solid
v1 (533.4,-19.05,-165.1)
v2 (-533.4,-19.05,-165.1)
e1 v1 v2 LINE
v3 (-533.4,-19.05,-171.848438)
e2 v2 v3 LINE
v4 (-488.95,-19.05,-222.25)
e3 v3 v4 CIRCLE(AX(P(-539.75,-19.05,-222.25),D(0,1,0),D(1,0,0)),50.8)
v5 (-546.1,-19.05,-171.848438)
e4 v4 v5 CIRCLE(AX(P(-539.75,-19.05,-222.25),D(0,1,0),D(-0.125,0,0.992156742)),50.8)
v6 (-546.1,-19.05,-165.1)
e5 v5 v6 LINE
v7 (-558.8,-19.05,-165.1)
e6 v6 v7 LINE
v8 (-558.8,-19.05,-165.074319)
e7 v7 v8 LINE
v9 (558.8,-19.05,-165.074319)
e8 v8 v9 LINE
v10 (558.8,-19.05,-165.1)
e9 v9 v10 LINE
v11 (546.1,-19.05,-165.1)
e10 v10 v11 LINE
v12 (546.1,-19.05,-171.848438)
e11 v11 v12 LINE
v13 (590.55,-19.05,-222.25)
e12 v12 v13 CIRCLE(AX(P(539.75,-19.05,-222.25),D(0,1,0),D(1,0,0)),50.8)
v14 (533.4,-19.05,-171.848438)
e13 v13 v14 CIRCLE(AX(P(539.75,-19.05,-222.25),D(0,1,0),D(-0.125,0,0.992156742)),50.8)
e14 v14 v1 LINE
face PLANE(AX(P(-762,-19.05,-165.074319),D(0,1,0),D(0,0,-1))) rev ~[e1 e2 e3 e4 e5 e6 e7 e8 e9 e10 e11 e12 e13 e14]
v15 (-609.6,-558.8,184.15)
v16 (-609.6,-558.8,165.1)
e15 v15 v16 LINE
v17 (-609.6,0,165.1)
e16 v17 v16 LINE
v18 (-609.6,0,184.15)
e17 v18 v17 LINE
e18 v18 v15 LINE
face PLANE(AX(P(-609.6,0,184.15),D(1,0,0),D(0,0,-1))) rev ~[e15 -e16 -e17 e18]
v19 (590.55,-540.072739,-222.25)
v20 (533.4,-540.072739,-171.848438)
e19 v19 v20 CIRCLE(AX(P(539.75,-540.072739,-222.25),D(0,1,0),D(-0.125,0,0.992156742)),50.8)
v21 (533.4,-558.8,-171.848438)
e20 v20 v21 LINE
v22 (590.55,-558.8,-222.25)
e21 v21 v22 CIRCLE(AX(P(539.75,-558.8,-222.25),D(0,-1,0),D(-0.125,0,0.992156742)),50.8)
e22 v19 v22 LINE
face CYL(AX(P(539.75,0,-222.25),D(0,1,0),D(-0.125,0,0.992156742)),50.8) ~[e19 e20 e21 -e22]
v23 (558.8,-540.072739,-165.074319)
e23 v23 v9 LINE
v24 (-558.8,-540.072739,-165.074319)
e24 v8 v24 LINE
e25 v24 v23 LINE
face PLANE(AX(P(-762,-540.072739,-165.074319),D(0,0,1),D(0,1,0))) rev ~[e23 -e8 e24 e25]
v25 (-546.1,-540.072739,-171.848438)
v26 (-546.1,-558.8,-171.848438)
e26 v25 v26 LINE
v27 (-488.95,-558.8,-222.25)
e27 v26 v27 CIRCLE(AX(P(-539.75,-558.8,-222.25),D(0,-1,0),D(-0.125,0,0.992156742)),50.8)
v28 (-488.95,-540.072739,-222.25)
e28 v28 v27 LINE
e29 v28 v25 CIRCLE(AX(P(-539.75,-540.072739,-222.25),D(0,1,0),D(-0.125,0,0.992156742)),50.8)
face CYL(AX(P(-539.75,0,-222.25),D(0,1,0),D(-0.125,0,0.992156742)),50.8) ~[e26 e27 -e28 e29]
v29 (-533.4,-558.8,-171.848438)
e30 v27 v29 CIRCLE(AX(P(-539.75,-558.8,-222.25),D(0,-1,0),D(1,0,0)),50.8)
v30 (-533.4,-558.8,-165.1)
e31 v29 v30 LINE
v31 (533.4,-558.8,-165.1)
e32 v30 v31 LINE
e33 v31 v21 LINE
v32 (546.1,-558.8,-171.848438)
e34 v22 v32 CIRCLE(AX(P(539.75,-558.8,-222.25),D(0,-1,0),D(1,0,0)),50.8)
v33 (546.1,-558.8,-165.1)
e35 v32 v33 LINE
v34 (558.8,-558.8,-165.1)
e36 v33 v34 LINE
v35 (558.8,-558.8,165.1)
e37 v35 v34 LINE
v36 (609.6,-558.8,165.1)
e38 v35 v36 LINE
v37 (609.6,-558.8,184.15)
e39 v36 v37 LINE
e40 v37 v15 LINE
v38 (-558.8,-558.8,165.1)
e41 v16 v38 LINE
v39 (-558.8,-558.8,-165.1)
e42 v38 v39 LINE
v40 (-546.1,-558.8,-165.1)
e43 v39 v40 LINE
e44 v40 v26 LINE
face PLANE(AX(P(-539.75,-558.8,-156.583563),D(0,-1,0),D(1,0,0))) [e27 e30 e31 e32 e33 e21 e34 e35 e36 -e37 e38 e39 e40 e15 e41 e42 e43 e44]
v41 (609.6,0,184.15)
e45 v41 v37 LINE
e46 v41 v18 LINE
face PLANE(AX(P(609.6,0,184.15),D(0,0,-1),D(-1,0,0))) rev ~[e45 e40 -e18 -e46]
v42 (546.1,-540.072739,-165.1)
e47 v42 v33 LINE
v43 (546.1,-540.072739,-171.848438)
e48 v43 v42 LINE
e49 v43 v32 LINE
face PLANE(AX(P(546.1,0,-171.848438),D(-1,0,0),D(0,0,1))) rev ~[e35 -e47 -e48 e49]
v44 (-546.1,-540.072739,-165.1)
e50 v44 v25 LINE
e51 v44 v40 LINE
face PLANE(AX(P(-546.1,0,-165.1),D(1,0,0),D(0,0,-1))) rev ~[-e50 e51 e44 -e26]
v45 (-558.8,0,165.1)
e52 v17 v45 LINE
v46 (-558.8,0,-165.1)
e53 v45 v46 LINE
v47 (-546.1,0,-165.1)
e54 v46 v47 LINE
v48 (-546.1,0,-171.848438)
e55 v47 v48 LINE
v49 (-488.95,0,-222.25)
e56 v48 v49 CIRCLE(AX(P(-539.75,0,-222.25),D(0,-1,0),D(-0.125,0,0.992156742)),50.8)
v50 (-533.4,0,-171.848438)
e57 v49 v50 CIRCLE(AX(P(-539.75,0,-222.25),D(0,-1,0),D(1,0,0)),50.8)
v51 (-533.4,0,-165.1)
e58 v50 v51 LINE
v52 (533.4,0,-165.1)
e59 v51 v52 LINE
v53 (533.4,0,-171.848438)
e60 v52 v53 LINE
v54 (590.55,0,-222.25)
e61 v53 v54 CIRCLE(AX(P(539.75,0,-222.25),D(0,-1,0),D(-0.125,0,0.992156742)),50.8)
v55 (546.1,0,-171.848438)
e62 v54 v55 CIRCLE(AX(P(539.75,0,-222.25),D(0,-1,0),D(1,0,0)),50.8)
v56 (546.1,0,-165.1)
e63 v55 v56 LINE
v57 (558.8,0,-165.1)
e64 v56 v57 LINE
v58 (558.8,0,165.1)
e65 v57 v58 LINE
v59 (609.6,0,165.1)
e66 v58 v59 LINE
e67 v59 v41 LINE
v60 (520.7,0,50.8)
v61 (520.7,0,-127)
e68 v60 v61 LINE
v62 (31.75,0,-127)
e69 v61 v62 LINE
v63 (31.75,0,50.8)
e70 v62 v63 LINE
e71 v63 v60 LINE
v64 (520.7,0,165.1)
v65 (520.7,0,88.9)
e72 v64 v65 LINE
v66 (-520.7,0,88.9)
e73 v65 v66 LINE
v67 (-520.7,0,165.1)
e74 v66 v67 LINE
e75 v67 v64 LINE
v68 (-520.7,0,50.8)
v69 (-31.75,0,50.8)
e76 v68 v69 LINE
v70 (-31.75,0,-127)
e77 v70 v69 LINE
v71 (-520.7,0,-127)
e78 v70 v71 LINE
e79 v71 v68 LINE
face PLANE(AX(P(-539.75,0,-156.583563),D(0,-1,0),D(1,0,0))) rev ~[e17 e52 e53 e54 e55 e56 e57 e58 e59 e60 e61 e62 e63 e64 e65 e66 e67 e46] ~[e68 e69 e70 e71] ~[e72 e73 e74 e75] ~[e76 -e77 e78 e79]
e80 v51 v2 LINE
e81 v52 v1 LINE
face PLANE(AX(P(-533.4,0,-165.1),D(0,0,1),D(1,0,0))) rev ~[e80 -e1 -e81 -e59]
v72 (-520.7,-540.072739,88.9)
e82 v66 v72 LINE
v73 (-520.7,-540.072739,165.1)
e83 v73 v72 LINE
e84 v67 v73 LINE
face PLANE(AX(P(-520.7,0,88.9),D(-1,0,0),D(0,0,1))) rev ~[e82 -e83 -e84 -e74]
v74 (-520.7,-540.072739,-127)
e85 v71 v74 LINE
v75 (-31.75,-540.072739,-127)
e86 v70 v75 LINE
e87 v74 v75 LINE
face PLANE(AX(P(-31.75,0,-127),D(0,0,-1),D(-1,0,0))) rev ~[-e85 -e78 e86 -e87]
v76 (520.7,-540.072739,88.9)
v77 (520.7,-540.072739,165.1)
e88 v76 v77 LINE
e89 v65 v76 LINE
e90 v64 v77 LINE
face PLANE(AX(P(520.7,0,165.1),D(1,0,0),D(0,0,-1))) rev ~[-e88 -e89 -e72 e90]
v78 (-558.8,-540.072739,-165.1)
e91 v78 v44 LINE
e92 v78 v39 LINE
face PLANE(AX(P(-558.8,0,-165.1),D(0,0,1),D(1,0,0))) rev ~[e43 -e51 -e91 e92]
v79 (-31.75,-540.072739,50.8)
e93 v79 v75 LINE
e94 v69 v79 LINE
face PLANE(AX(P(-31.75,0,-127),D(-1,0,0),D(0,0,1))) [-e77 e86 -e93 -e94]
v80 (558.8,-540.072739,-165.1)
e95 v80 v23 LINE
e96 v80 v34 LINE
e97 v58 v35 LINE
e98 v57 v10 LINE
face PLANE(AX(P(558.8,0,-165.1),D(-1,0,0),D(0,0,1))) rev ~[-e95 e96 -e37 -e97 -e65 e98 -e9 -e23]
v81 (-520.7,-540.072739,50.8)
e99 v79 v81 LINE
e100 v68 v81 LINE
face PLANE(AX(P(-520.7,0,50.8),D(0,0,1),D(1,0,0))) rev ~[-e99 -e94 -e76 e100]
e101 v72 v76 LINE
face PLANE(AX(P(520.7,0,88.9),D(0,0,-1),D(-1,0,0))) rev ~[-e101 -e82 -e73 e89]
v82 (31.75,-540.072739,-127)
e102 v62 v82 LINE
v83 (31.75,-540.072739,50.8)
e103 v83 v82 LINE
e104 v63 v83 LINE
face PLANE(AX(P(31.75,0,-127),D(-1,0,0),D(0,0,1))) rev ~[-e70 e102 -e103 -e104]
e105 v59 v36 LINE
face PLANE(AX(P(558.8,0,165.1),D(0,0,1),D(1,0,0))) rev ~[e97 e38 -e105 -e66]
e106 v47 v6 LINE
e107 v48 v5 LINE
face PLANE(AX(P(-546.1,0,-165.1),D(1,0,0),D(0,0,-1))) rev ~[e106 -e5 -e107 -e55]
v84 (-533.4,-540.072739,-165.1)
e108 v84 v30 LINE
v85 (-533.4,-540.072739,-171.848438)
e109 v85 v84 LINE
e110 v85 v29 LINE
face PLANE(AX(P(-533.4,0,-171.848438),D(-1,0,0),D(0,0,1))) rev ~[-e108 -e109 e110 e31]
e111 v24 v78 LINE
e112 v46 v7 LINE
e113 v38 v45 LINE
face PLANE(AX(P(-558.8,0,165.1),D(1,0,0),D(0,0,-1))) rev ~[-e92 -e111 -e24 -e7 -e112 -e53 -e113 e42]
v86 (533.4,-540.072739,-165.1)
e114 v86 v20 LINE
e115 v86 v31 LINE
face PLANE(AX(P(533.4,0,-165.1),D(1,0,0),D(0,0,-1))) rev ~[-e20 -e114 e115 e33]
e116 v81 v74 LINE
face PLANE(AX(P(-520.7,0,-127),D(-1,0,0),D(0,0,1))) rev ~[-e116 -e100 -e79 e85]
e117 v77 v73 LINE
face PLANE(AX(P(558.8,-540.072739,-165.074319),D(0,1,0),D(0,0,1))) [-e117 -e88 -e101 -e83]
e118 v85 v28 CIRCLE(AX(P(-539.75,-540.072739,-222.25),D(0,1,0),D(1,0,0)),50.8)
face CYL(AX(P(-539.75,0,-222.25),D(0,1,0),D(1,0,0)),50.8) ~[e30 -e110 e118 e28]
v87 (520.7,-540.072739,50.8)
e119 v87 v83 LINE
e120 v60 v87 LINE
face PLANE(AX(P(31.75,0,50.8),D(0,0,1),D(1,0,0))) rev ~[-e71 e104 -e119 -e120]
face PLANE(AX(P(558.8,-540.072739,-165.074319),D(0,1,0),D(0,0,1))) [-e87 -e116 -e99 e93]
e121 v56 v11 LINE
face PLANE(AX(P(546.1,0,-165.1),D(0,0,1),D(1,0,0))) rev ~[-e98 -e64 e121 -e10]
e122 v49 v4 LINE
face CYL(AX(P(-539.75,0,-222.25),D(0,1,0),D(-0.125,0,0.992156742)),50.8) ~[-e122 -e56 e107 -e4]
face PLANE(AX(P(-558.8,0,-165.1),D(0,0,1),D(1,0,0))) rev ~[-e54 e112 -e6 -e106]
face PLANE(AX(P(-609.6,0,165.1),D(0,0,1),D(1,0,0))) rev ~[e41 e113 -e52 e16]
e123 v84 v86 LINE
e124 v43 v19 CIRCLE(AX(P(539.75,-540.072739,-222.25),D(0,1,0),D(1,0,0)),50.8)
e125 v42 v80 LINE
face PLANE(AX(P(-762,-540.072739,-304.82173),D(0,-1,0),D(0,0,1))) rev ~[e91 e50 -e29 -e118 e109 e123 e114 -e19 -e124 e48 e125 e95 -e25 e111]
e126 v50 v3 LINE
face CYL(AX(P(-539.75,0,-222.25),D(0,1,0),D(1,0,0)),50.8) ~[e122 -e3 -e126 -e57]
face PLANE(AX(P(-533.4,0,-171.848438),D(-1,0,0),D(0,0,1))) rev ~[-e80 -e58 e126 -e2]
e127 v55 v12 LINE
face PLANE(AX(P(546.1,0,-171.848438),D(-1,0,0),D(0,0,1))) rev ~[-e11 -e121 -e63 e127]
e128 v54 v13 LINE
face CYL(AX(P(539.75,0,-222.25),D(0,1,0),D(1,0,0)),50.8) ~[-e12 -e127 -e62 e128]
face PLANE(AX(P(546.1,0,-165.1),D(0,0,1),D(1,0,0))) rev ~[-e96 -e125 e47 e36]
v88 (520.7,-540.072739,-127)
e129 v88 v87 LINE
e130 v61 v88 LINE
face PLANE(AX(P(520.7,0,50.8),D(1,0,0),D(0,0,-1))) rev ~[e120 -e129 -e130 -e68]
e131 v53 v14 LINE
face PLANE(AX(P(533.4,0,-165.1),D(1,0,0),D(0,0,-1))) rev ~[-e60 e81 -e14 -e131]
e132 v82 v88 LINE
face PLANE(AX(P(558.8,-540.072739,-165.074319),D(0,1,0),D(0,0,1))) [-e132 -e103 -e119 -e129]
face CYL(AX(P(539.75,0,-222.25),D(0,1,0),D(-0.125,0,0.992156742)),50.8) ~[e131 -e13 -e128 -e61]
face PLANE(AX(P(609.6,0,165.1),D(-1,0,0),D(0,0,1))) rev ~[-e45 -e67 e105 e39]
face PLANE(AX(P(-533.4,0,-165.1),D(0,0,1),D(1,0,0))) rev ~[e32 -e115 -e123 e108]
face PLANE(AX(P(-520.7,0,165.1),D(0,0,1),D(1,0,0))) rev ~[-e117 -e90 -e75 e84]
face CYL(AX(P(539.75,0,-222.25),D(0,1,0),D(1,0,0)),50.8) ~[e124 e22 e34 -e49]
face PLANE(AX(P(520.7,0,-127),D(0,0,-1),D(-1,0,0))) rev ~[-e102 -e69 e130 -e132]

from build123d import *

# Parameters (mm, degrees)
F0_W     = 63.5
F0_H     = 177.8
F1_DEPTH = 558.8
F4_DEPTH = 1412.24
F5_W     = 18.7272608757
F5_H     = 330.1743186474
F6_DEPTH = 1117.6


with BuildPart() as f1:
    # F0 (on Front) → F1 (new body)
    with BuildSketch(Plane.XZ):
        Polygon((-539.75, -165.1), (-533.4, -165.1), (-533.4, -148.0671259786), (-546.1, -148.0671259786), (-546.1, -165.1), align=None)
        Polygon((31.75, 50.8), (520.7, 50.8), (520.7, 88.9), (-520.7, 88.9), (-520.7, 50.8), (-31.75, 50.8), align=None)
        Polygon((-520.7, 165.1), (520.7, 165.1), (558.8, 165.1), (609.6, 165.1), (609.6, 184.15), (-609.6, 184.15), (-609.6, 165.1), (-558.8, 165.1), align=None)
        Polygon((533.4, -148.0671259786), (533.4, -165.1), (539.75, -165.1), (546.1, -165.1), (546.1, -148.0671259786), align=None)
        Polygon((-520.7, -165.1), (520.7, -165.1), (520.7, -127), (31.75, -127), (-31.75, -127), (-520.7, -127), align=None)
        with Locations((0, -38.1)):
            Rectangle(F0_W, F0_H)
        Polygon((520.7, -127), (520.7, -165.1), (533.4, -165.1), (533.4, -148.0671259786), (546.1, -148.0671259786), (546.1, -165.1), (558.8, -165.1), (558.8, 165.1), (520.7, 165.1), (520.7, 88.9), (520.7, 50.8), align=None)
        Polygon((-533.4, -165.1), (-520.7, -165.1), (-520.7, -127), (-520.7, 50.8), (-520.7, 88.9), (-520.7, 165.1), (-558.8, 165.1), (-558.8, -165.1), (-546.1, -165.1), (-546.1, -148.0671259786), (-533.4, -148.0671259786), align=None)
        with BuildLine():
            Line((-539.75, -171.45), (-539.75, -165.1))
            Line((-539.75, -165.1), (-546.1, -165.1))
            Line((-546.1, -165.1), (-546.1, -171.8484375242))
            ThreePointArc((-546.1, -171.8484375242), (-542.9312439572, -171.5497072308), (-539.75, -171.45))
        make_face()
        with BuildLine():
            Line((-533.4, -171.8484375242), (-533.4, -165.1))
            Line((-533.4, -165.1), (-539.75, -165.1))
            Line((-539.75, -165.1), (-539.75, -171.45))
            ThreePointArc((-539.75, -171.45), (-536.5687560428, -171.5497072308), (-533.4, -171.8484375242))
        make_face()
        with BuildLine():
            Line((-533.4, -182.1328740214), (-533.4, -171.8484375242))
            ThreePointArc((-533.4, -171.8484375242), (-536.5687560428, -171.5497072308), (-539.75, -171.45))
            Line((-539.75, -171.45), (-539.75, -182.1328740214))
            Line((-539.75, -182.1328740214), (-533.4, -182.1328740214))
        make_face()
        with BuildLine():
            Line((-539.75, -182.1328740214), (-539.75, -171.45))
            ThreePointArc((-539.75, -171.45), (-542.9312439572, -171.5497072308), (-546.1, -171.8484375242))
            Line((-546.1, -171.8484375242), (-546.1, -182.1328740214))
            Line((-546.1, -182.1328740214), (-539.75, -182.1328740214))
        make_face()
        with BuildLine():
            ThreePointArc((-488.95, -222.25), (-501.65, -188.6489583495), (-533.4, -171.8484375242))
            Line((-533.4, -171.8484375242), (-533.4, -182.1328740214))
            Line((-533.4, -182.1328740214), (-539.75, -182.1328740214))
            Line((-539.75, -182.1328740214), (-546.1, -182.1328740214))
            Line((-546.1, -182.1328740214), (-546.1, -171.8484375242))
            ThreePointArc((-546.1, -171.8484375242), (-573.3510416505, -260.35), (-488.95, -222.25))
        make_face()
        with BuildLine():
            Line((539.75, -165.1), (533.4, -165.1))
            Line((533.4, -165.1), (533.4, -171.8484375242))
            ThreePointArc((533.4, -171.8484375242), (536.5687560428, -171.5497072308), (539.75, -171.45))
            Line((539.75, -171.45), (539.75, -165.1))
        make_face()
        with BuildLine():
            ThreePointArc((539.75, -171.45), (536.5687560428, -171.5497072308), (533.4, -171.8484375242))
            Line((533.4, -171.8484375242), (533.4, -182.1328740214))
            Line((533.4, -182.1328740214), (539.75, -182.1328740214))
            Line((539.75, -182.1328740214), (539.75, -171.45))
        make_face()
        with BuildLine():
            Line((546.1, -165.1), (539.75, -165.1))
            Line((539.75, -165.1), (539.75, -171.45))
            ThreePointArc((539.75, -171.45), (542.9312439572, -171.5497072308), (546.1, -171.8484375242))
            Line((546.1, -171.8484375242), (546.1, -165.1))
        make_face()
        with BuildLine():
            ThreePointArc((546.1, -171.8484375242), (542.9312439572, -171.5497072308), (539.75, -171.45))
            Line((539.75, -171.45), (539.75, -182.1328740214))
            Line((539.75, -182.1328740214), (546.1, -182.1328740214))
            Line((546.1, -182.1328740214), (546.1, -171.8484375242))
        make_face()
        with BuildLine():
            Line((533.4, -182.1328740214), (533.4, -171.8484375242))
            ThreePointArc((533.4, -171.8484375242), (506.1489583495, -260.35), (590.55, -222.25))
            ThreePointArc((590.55, -222.25), (577.85, -188.6489583495), (546.1, -171.8484375242))
            Line((546.1, -171.8484375242), (546.1, -182.1328740214))
            Line((546.1, -182.1328740214), (539.75, -182.1328740214))
            Line((539.75, -182.1328740214), (533.4, -182.1328740214))
        make_face()
    extrude(amount=F1_DEPTH)

    # F3 (on offset) → F4 (cut)
    with BuildSketch(Plane(origin=(-762, 0, 0), x_dir=(0, -1, 0), z_dir=(-1, 0, 0))):
        Polygon((540.0727391243, -165.0743186474), (19.05, -165.0743186474), (19.05, -171.5670526028), (19.05, -304.82172966), (540.0727391243, -304.82172966), (540.0727391243, -173.7104952335), align=None)
    extrude(amount=-F4_DEPTH, mode=Mode.SUBTRACT)

    # F5 (on face) → F6 (join)
    with BuildSketch(Plane.YZ.offset(558.8)):
        with Locations((-549.4363695621, 0.0128406763)):
            Rectangle(F5_W, F5_H)
    extrude(amount=-F6_DEPTH)


solid = f1.part
